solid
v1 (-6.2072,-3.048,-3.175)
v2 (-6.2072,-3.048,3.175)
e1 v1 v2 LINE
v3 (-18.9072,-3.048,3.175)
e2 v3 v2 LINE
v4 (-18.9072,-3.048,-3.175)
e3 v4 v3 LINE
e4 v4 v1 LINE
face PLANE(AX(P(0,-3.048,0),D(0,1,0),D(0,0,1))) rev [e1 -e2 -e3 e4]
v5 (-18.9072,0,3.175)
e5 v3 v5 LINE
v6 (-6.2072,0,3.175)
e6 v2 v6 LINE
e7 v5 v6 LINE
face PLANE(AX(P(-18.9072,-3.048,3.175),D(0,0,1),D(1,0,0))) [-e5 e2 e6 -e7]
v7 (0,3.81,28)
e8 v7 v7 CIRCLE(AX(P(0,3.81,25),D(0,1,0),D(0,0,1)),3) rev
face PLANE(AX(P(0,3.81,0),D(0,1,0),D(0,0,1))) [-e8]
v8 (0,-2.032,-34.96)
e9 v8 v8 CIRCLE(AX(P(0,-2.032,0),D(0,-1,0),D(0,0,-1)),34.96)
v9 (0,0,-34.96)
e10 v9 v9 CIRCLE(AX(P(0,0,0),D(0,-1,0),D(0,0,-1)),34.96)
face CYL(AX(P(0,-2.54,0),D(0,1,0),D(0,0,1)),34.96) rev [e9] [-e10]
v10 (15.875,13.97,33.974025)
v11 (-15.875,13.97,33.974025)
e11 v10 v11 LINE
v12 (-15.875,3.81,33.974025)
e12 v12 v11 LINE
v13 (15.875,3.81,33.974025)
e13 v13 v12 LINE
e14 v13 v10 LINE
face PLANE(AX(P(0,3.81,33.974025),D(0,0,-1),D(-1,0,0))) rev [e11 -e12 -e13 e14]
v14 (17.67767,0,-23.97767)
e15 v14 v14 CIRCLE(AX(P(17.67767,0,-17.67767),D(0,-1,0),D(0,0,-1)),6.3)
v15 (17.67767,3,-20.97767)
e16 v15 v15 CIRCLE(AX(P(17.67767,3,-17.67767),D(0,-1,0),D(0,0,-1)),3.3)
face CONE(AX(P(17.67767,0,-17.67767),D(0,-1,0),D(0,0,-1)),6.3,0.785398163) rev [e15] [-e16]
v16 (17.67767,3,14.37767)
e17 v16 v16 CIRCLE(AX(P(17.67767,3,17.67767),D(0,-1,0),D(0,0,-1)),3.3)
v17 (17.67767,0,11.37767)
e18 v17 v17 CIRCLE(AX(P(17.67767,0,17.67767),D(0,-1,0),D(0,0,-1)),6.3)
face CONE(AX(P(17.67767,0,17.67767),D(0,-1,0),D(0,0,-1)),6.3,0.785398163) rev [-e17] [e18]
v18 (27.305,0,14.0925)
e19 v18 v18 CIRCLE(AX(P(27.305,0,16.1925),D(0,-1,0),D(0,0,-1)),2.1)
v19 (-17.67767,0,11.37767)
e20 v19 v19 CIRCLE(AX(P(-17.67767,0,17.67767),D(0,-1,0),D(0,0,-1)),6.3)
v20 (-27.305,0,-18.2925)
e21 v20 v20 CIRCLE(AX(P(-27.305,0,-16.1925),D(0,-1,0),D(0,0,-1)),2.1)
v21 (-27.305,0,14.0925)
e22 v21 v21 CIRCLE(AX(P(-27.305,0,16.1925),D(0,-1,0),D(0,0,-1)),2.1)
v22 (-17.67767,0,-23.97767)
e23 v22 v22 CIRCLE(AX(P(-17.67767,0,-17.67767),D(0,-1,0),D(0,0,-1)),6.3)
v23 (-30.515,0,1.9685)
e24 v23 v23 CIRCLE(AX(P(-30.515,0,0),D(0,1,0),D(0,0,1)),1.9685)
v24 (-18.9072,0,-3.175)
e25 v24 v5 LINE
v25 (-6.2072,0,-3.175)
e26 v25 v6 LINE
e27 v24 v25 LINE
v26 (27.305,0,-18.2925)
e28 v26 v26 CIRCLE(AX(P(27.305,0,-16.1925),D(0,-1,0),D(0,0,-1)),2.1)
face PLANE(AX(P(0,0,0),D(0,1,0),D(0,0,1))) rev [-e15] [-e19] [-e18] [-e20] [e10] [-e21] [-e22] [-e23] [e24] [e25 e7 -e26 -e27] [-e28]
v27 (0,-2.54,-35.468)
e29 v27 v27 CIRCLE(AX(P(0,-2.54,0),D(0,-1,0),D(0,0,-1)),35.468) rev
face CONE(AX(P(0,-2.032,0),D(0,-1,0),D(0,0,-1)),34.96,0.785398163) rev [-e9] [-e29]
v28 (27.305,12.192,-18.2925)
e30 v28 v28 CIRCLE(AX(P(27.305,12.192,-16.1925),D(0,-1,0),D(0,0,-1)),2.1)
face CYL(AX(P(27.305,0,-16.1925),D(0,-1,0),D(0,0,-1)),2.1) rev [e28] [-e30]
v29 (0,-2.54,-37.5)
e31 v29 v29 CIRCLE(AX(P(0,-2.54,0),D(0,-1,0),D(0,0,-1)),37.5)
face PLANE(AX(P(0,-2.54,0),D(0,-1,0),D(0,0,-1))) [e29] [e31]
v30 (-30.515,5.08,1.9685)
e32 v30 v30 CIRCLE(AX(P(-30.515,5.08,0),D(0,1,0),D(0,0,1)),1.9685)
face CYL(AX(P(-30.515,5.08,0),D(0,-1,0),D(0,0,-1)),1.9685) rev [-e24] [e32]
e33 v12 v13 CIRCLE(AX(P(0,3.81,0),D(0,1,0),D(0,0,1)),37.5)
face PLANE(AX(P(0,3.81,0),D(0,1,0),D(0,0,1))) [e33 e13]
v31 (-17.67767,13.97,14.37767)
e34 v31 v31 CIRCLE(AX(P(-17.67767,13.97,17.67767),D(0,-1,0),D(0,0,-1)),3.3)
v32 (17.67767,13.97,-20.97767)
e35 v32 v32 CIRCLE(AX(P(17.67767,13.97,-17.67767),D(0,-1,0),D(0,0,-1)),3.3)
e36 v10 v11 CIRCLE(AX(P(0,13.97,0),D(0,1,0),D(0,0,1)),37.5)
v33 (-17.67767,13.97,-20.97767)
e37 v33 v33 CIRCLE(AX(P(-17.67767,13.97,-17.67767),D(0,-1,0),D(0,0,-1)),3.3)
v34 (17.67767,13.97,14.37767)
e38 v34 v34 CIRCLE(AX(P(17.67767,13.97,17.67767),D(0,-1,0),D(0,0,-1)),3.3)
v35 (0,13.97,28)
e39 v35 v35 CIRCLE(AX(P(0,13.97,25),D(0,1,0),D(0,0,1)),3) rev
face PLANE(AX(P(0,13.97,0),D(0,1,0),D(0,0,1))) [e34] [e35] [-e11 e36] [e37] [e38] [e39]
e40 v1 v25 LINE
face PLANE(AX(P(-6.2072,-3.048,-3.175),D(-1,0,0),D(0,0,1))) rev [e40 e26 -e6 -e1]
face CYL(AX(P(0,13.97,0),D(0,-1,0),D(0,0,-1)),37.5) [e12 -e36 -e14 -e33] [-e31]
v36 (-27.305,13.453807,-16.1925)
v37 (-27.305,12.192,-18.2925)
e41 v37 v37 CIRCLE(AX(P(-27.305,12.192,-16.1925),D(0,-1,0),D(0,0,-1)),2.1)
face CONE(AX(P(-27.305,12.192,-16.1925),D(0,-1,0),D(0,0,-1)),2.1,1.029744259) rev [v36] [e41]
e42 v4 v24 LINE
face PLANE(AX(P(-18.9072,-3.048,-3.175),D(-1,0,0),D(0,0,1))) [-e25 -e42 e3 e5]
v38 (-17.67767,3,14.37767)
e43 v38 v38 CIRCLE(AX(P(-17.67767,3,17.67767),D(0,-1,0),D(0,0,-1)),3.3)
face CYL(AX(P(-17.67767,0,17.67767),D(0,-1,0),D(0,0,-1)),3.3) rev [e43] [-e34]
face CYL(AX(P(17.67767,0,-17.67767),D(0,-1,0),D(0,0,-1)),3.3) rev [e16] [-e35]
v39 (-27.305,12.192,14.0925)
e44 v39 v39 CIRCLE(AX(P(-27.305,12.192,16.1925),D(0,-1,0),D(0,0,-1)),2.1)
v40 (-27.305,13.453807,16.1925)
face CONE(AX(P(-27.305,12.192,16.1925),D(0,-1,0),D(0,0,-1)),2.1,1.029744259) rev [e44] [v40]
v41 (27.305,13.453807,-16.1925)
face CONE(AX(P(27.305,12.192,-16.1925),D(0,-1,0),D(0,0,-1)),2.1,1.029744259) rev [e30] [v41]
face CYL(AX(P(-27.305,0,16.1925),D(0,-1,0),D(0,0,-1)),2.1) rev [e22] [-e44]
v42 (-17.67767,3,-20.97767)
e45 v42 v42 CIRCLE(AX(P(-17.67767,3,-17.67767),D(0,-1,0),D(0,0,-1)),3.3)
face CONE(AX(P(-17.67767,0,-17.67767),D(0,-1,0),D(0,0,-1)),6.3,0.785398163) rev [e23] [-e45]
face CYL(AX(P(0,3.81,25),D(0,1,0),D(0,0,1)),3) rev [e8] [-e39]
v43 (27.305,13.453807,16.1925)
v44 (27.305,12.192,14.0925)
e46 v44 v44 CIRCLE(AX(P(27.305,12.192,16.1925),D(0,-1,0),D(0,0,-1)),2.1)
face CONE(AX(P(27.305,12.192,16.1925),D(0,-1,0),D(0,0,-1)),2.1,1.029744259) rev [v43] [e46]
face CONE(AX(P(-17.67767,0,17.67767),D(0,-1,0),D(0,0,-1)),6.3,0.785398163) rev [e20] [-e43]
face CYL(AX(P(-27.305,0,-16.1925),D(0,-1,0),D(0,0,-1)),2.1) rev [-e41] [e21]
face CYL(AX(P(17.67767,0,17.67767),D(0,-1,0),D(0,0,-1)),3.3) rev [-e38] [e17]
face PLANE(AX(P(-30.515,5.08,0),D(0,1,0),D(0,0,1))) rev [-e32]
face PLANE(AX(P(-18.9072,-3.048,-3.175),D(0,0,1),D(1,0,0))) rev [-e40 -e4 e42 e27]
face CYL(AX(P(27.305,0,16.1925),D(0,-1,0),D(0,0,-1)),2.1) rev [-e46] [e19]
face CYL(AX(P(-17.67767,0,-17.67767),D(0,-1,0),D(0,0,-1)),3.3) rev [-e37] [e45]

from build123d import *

# Parameters (mm, degrees)
SKETCH2_R                                       = 37.5
BOSS_EXTRUDE1_DEPTH                             = 13.97
CSK_FOR_M6_FLAT_HEAD_MACHINE_SCREW1_D           = 6.6
CSK_FOR_M6_FLAT_HEAD_MACHINE_SCREW1_CSINK_D     = 12.6
CSK_FOR_M6_FLAT_HEAD_MACHINE_SCREW1_CSINK_ANGLE = 90
M5X0_8_TAPPED_HOLE1_D                           = 4.2
M5X0_8_TAPPED_HOLE1_DEPTH                       = 12.192
M5X0_8_TAPPED_HOLE1_TIP                         = 1.2618073
SKETCH1_R                                       = 1.9685
CUT_EXTRUDE1_DEPTH                              = 5.08
SKETCH1_3_W                                     = 12.7
SKETCH1_3_H                                     = 6.35
POGO_PINS_DEPTH                                 = 3.048
CUT_EXTRUDE2_START                              = -10.16
SKETCH8_R                                       = 3
CUT_EXTRUDE2_DEPTH                              = 10.16
LIP_START                                       = 2.54
SKETCH9_R                                       = 37.5
SKETCH9_R_2                                     = 34.96
LIP_DEPTH                                       = 2.54
CHAMFER1_SIZE                                   = 0.508


with BuildPart() as part:
    # Sketch2 → Boss-Extrude1 (new body)
    with BuildSketch(Plane(origin=(0, 0, 0), x_dir=(1, 0, 0), z_dir=(0, 1, 0))):
        Circle(SKETCH2_R)
    extrude(amount=BOSS_EXTRUDE1_DEPTH)

    # CSK for M6 Flat Head Machine Screw1 (through all)
    with Locations(Plane(origin=(0, 0, 0), x_dir=(-1, 0, 0), z_dir=(0, -1, 0))):
        with Locations((-17.67766953, 17.67766953), (17.67766953, 17.67766953), (17.67766953, -17.67766953), (-17.67766953, -17.67766953)):
            CounterSinkHole(CSK_FOR_M6_FLAT_HEAD_MACHINE_SCREW1_D / 2, CSK_FOR_M6_FLAT_HEAD_MACHINE_SCREW1_CSINK_D / 2, counter_sink_angle=CSK_FOR_M6_FLAT_HEAD_MACHINE_SCREW1_CSINK_ANGLE)

    # M5x0.8 Tapped Hole1
    with Locations(Plane(origin=(0, 0, 0), x_dir=(-1, 0, 0), z_dir=(0, -1, 0))):
        with Locations((-27.305, 16.1925), (-27.305, -16.1925), (27.305, -16.1925), (27.305, 16.1925)):
            Hole(M5X0_8_TAPPED_HOLE1_D / 2, depth=M5X0_8_TAPPED_HOLE1_DEPTH)
            with Locations((0, 0, -(M5X0_8_TAPPED_HOLE1_DEPTH + M5X0_8_TAPPED_HOLE1_TIP / 2))):  # 118° drill point
                Cone(0, M5X0_8_TAPPED_HOLE1_D / 2, M5X0_8_TAPPED_HOLE1_TIP, mode=Mode.SUBTRACT)

    # Sketch1 → Cut-Extrude1 (cut)
    with BuildSketch(Plane(origin=(0, 0, 0), x_dir=(1, 0, 0), z_dir=(0, 1, 0))):
        with Locations((-30.515, 0)):
            Circle(SKETCH1_R)
    extrude(amount=CUT_EXTRUDE1_DEPTH, mode=Mode.SUBTRACT)

    # Sketch1<3> → Pogo pins (add)
    with BuildSketch(Plane(origin=(0, 0, 0), x_dir=(1, 0, 0), z_dir=(0, 1, 0))):
        with Locations((-12.5572, 0)):
            Rectangle(SKETCH1_3_W, SKETCH1_3_H)
    extrude(amount=-POGO_PINS_DEPTH)

    # Sketch8 → Cut-Extrude2 (cut)
    with BuildSketch(Plane(origin=(0, 13.97, 0), x_dir=(1, 0, 0), z_dir=(0, 1, 0)).offset(CUT_EXTRUDE2_START)):
        with BuildLine():
            ThreePointArc((-15.875, -33.974025004), (0, -37.5), (15.875, -33.974025004))
            Line((15.875, -33.974025004), (-15.875, -33.974025004))
        make_face()
        with Locations((0, -25)):
            Circle(SKETCH8_R)
    extrude(amount=CUT_EXTRUDE2_DEPTH, mode=Mode.SUBTRACT)

    # Sketch9 → Lip (add)
    with BuildSketch(Plane.XZ.offset(LIP_START)):
        Circle(SKETCH9_R)
        Circle(SKETCH9_R_2, mode=Mode.SUBTRACT)
    extrude(amount=-LIP_DEPTH)

    # Chamfer1
    chamfer1_edges = [part.edges().sort_by_distance(p)[0] for p in [
        (-34.96, -2.54, 0),
    ]]
    chamfer(chamfer1_edges, length=CHAMFER1_SIZE)


solid = part.part
